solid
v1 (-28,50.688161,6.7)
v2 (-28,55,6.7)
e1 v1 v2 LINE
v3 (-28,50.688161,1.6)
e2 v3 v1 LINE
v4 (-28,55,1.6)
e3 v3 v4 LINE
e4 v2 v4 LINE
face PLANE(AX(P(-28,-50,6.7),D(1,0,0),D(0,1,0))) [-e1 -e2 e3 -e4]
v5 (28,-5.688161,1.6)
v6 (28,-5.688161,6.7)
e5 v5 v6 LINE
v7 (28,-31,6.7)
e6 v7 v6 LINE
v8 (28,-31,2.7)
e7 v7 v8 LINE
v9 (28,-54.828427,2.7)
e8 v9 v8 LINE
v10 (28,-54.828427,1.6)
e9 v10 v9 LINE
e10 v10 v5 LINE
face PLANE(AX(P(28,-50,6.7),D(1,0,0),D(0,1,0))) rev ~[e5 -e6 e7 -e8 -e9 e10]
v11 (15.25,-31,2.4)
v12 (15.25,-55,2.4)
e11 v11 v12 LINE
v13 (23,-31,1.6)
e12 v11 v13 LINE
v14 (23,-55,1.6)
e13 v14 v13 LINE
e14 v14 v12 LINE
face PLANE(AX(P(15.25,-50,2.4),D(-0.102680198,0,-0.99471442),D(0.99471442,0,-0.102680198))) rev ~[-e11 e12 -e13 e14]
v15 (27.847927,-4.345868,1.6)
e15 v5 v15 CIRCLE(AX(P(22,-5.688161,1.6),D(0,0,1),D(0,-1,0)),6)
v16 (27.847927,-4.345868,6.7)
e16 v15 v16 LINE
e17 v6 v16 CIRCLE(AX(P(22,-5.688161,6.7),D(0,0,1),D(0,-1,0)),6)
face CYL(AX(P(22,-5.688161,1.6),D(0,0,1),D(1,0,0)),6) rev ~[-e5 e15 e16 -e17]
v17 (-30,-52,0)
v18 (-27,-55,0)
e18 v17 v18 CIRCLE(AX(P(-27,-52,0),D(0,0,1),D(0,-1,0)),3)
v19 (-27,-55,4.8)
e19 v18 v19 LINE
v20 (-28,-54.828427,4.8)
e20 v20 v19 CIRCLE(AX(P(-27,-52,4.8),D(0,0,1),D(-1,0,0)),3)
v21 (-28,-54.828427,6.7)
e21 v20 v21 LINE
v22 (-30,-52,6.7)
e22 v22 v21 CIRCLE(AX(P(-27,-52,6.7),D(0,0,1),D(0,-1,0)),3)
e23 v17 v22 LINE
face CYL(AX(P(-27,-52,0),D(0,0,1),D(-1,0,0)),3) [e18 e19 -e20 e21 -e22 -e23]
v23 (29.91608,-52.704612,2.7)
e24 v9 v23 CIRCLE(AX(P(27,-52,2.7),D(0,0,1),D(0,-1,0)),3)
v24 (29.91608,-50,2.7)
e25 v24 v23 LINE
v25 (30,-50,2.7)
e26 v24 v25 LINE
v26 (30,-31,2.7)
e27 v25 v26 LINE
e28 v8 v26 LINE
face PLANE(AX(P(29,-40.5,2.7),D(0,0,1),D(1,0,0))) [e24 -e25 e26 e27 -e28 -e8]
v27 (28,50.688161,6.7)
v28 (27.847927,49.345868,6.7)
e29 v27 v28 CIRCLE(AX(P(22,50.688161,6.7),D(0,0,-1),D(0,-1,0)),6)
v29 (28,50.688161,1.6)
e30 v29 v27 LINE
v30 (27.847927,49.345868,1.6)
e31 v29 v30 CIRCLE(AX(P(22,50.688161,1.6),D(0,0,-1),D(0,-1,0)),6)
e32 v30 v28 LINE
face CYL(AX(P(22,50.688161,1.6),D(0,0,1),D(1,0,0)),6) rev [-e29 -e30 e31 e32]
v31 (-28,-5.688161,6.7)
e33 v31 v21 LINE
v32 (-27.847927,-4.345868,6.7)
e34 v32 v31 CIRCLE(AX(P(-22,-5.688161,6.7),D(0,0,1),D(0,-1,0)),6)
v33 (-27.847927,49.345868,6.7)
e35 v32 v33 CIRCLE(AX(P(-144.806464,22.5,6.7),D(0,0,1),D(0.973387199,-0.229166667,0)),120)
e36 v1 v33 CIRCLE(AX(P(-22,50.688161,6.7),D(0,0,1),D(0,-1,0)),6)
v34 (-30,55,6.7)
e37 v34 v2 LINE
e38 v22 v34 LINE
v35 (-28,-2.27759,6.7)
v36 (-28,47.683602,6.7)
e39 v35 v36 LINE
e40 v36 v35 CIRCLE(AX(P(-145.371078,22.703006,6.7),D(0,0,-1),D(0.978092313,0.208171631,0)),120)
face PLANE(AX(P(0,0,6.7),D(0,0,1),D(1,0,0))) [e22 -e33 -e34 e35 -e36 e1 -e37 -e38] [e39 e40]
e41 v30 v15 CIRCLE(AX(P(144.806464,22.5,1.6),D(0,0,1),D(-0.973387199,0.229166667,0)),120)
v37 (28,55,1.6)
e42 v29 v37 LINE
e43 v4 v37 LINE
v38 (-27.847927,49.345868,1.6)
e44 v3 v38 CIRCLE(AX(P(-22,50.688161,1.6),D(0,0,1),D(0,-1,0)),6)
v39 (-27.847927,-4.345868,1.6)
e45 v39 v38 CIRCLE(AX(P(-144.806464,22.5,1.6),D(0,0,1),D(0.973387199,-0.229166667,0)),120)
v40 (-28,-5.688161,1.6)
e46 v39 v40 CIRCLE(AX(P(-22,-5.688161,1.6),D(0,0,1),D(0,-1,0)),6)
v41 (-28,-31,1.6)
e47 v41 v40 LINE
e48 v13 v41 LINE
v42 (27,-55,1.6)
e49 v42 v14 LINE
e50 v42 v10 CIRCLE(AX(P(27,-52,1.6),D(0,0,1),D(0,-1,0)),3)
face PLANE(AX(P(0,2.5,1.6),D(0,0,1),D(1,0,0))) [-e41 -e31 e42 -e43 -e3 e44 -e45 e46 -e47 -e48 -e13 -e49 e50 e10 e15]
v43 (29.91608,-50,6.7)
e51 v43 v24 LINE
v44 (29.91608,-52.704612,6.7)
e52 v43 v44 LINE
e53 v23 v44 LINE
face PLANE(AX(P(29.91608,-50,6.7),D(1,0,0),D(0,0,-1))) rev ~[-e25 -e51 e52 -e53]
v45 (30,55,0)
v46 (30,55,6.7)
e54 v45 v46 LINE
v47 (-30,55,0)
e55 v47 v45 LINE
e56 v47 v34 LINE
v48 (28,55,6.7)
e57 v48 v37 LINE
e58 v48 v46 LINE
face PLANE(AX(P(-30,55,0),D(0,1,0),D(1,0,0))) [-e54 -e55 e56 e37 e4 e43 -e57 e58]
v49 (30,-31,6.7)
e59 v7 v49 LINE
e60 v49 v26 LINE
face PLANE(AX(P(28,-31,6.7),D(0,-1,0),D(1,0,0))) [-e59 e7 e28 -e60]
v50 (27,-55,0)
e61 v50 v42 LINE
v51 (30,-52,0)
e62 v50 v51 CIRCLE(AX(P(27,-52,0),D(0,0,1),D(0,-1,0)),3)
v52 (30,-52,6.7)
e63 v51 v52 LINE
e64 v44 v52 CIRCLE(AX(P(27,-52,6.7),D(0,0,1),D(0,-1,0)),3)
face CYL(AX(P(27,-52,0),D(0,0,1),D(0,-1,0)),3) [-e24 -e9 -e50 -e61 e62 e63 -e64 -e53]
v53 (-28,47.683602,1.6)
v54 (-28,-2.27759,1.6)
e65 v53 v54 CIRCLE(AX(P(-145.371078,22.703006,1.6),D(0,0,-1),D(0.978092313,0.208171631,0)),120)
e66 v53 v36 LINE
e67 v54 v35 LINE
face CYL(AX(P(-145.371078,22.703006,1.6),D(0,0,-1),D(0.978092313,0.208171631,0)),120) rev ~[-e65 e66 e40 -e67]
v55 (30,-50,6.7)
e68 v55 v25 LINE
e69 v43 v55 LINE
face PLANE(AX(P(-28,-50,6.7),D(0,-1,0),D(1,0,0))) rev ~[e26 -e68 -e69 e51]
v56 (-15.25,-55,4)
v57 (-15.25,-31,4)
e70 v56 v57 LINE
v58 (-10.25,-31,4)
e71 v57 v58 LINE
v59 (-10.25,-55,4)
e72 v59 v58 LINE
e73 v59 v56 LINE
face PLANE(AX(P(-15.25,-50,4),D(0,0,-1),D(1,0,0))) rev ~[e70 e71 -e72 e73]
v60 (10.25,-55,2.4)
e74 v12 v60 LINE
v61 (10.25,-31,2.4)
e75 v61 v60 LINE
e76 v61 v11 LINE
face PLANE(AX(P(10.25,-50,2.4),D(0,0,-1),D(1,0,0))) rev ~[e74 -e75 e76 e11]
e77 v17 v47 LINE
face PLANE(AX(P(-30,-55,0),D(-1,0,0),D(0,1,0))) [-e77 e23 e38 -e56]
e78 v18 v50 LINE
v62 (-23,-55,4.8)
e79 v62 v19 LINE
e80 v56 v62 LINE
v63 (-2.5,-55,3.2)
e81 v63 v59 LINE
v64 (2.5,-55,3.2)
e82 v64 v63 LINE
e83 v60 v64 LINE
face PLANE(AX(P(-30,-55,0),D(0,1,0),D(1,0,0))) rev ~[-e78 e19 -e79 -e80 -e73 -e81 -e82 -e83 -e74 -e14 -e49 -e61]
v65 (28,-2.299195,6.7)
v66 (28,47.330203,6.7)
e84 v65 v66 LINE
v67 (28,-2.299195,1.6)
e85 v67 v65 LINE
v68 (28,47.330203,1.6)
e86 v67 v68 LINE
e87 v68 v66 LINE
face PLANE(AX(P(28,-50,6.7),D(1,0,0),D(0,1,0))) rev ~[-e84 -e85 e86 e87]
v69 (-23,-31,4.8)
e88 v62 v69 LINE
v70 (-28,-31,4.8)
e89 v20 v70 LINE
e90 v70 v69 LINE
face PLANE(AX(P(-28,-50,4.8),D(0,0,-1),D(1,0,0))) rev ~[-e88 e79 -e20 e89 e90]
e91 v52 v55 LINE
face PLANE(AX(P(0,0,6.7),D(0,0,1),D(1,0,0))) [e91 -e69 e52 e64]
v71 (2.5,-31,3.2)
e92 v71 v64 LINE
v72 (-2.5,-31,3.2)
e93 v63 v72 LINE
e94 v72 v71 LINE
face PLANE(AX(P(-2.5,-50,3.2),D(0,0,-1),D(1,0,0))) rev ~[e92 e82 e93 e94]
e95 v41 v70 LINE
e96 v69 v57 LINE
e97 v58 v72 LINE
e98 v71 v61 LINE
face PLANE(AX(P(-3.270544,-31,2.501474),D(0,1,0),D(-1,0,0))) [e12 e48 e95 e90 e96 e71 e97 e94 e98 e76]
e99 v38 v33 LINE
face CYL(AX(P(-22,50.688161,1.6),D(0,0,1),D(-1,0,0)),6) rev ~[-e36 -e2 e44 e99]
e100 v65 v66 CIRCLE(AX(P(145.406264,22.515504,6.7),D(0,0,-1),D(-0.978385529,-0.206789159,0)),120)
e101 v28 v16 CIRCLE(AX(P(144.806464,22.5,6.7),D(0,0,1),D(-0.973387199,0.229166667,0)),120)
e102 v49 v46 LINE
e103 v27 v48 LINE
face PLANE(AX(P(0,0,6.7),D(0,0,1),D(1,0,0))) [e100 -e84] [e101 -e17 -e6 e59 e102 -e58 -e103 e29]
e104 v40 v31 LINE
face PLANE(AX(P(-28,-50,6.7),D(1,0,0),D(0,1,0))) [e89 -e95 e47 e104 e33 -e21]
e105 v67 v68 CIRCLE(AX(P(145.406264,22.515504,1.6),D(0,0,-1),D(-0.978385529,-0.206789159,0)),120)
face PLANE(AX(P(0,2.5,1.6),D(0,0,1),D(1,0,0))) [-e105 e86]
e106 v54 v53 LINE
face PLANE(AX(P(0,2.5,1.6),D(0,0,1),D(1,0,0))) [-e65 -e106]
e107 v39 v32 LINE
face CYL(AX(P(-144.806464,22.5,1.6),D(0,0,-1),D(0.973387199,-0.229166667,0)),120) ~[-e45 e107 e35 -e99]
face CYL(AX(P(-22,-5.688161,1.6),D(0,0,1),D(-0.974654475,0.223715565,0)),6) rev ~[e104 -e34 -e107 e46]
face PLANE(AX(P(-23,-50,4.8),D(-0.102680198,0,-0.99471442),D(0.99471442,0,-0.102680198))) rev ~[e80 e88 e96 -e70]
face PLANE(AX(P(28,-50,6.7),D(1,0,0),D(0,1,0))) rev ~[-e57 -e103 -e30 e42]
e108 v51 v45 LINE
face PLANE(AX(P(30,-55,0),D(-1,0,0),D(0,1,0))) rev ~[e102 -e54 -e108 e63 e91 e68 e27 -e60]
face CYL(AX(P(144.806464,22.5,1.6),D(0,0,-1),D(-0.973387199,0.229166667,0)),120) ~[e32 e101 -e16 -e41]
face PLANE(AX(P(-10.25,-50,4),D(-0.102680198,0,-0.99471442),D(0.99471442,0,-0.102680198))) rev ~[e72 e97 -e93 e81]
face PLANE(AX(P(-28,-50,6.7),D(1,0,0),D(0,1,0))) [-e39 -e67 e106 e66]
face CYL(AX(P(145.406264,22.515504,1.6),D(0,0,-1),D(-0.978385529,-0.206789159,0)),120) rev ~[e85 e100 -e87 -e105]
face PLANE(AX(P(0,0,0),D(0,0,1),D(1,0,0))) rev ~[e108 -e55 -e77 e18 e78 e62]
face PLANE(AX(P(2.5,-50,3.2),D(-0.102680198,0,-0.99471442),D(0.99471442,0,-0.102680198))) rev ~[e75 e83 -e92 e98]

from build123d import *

# Parameters (mm, degrees)
F0_W      = 60
F0_H      = 110
F1_DEPTH  = 6.7
F2_W      = 56
F2_H      = 105
F3_DEPTH  = 5.1
F5_DEPTH  = 5.1
F6_R      = 3
F7_R      = 6
F9_DEPTH  = 19
F10_W     = 2
F10_H     = 19
F11_DEPTH = 4
F13_DEPTH = 25


with BuildPart() as f1:
    # F0 (on Top) → F1 (new body)
    with BuildSketch(Plane.XY):
        Rectangle(F0_W, F0_H)
    extrude(amount=F1_DEPTH)

    # F2 (on face) → F3 (cut)
    with BuildSketch(Plane.XY.offset(6.7)):
        with Locations((0, 2.5)):
            Rectangle(F2_W, F2_H)
    extrude(amount=-F3_DEPTH, mode=Mode.SUBTRACT)

    # F4 (on face) → F5 (join)
    with BuildSketch(Plane.XY.offset(1.6)):
        with BuildLine():
            Line((-28, -2.277589744), (-28, -5))
            ThreePointArc((-28, -5), (-24.8064638622, 22.5), (-28, 50))
            Line((-28, 50), (-28, 47.6836016319))
            ThreePointArc((-28, 47.6836016319), (-25.3710775237, 22.703005944), (-28, -2.277589744))
        make_face()
        with BuildLine():
            Line((28, 47.3302031996), (28, 50))
            ThreePointArc((28, 50), (24.8064638622, 22.5), (28, -5))
            Line((28, -5), (28, -2.2991948615))
            ThreePointArc((28, -2.2991948615), (25.4062635127, 22.515504169), (28, 47.3302031996))
        make_face()
    extrude(amount=F5_DEPTH)

    # F6
    f6_edges = [f1.edges().sort_by_distance(p)[0] for p in [
        (-30, -55, 3.35),
        (30, -55, 3.35),
    ]]
    fillet(f6_edges, radius=F6_R)

    # F7
    f7_edges = [f1.edges().sort_by_distance(p)[0] for p in [
        (28, -5, 4.15),
        (-28, -5, 4.15),
        (-28, 50, 4.15),
        (28, 50, 4.15),
    ]]
    fillet(f7_edges, radius=F7_R)

    # F8 (on face) → F9 (join)
    with BuildSketch(Plane(origin=(0, -50, 0), x_dir=(-1, 0, 0), z_dir=(0, 1, 0))):
        Polygon((-15.25, 2.4), (-23, 1.6), (28, 1.6), (28, 4.8), (23, 4.8), (15.25, 4), (10.25, 4), (2.5, 3.2), (-2.5, 3.2), (-10.25, 2.4), align=None)
    extrude(amount=F9_DEPTH)

    # F10 (on face) → F11 (cut)
    with BuildSketch(Plane.XY.offset(6.7)):
        with Locations((29, -40.5)):
            Rectangle(F10_W, F10_H)
    extrude(amount=-F11_DEPTH, mode=Mode.SUBTRACT)

    # F12 (on face) → F13 (cut)
    with BuildSketch(Plane(origin=(0, -50, 0), x_dir=(-1, 0, 0), z_dir=(0, 1, 0))):
        Polygon((23, 4.8), (28, 4.8), (28, 6.7), (-29.9160797831, 6.7), (-29.9160797831, 2.7), (-28, 2.7), (-28, 1.6), (-23, 1.6), (-15.25, 2.4), (-10.25, 2.4), (-2.5, 3.2), (2.5, 3.2), (10.25, 4), (15.25, 4), align=None)
    extrude(amount=-F13_DEPTH, mode=Mode.SUBTRACT)


solid = f1.part
